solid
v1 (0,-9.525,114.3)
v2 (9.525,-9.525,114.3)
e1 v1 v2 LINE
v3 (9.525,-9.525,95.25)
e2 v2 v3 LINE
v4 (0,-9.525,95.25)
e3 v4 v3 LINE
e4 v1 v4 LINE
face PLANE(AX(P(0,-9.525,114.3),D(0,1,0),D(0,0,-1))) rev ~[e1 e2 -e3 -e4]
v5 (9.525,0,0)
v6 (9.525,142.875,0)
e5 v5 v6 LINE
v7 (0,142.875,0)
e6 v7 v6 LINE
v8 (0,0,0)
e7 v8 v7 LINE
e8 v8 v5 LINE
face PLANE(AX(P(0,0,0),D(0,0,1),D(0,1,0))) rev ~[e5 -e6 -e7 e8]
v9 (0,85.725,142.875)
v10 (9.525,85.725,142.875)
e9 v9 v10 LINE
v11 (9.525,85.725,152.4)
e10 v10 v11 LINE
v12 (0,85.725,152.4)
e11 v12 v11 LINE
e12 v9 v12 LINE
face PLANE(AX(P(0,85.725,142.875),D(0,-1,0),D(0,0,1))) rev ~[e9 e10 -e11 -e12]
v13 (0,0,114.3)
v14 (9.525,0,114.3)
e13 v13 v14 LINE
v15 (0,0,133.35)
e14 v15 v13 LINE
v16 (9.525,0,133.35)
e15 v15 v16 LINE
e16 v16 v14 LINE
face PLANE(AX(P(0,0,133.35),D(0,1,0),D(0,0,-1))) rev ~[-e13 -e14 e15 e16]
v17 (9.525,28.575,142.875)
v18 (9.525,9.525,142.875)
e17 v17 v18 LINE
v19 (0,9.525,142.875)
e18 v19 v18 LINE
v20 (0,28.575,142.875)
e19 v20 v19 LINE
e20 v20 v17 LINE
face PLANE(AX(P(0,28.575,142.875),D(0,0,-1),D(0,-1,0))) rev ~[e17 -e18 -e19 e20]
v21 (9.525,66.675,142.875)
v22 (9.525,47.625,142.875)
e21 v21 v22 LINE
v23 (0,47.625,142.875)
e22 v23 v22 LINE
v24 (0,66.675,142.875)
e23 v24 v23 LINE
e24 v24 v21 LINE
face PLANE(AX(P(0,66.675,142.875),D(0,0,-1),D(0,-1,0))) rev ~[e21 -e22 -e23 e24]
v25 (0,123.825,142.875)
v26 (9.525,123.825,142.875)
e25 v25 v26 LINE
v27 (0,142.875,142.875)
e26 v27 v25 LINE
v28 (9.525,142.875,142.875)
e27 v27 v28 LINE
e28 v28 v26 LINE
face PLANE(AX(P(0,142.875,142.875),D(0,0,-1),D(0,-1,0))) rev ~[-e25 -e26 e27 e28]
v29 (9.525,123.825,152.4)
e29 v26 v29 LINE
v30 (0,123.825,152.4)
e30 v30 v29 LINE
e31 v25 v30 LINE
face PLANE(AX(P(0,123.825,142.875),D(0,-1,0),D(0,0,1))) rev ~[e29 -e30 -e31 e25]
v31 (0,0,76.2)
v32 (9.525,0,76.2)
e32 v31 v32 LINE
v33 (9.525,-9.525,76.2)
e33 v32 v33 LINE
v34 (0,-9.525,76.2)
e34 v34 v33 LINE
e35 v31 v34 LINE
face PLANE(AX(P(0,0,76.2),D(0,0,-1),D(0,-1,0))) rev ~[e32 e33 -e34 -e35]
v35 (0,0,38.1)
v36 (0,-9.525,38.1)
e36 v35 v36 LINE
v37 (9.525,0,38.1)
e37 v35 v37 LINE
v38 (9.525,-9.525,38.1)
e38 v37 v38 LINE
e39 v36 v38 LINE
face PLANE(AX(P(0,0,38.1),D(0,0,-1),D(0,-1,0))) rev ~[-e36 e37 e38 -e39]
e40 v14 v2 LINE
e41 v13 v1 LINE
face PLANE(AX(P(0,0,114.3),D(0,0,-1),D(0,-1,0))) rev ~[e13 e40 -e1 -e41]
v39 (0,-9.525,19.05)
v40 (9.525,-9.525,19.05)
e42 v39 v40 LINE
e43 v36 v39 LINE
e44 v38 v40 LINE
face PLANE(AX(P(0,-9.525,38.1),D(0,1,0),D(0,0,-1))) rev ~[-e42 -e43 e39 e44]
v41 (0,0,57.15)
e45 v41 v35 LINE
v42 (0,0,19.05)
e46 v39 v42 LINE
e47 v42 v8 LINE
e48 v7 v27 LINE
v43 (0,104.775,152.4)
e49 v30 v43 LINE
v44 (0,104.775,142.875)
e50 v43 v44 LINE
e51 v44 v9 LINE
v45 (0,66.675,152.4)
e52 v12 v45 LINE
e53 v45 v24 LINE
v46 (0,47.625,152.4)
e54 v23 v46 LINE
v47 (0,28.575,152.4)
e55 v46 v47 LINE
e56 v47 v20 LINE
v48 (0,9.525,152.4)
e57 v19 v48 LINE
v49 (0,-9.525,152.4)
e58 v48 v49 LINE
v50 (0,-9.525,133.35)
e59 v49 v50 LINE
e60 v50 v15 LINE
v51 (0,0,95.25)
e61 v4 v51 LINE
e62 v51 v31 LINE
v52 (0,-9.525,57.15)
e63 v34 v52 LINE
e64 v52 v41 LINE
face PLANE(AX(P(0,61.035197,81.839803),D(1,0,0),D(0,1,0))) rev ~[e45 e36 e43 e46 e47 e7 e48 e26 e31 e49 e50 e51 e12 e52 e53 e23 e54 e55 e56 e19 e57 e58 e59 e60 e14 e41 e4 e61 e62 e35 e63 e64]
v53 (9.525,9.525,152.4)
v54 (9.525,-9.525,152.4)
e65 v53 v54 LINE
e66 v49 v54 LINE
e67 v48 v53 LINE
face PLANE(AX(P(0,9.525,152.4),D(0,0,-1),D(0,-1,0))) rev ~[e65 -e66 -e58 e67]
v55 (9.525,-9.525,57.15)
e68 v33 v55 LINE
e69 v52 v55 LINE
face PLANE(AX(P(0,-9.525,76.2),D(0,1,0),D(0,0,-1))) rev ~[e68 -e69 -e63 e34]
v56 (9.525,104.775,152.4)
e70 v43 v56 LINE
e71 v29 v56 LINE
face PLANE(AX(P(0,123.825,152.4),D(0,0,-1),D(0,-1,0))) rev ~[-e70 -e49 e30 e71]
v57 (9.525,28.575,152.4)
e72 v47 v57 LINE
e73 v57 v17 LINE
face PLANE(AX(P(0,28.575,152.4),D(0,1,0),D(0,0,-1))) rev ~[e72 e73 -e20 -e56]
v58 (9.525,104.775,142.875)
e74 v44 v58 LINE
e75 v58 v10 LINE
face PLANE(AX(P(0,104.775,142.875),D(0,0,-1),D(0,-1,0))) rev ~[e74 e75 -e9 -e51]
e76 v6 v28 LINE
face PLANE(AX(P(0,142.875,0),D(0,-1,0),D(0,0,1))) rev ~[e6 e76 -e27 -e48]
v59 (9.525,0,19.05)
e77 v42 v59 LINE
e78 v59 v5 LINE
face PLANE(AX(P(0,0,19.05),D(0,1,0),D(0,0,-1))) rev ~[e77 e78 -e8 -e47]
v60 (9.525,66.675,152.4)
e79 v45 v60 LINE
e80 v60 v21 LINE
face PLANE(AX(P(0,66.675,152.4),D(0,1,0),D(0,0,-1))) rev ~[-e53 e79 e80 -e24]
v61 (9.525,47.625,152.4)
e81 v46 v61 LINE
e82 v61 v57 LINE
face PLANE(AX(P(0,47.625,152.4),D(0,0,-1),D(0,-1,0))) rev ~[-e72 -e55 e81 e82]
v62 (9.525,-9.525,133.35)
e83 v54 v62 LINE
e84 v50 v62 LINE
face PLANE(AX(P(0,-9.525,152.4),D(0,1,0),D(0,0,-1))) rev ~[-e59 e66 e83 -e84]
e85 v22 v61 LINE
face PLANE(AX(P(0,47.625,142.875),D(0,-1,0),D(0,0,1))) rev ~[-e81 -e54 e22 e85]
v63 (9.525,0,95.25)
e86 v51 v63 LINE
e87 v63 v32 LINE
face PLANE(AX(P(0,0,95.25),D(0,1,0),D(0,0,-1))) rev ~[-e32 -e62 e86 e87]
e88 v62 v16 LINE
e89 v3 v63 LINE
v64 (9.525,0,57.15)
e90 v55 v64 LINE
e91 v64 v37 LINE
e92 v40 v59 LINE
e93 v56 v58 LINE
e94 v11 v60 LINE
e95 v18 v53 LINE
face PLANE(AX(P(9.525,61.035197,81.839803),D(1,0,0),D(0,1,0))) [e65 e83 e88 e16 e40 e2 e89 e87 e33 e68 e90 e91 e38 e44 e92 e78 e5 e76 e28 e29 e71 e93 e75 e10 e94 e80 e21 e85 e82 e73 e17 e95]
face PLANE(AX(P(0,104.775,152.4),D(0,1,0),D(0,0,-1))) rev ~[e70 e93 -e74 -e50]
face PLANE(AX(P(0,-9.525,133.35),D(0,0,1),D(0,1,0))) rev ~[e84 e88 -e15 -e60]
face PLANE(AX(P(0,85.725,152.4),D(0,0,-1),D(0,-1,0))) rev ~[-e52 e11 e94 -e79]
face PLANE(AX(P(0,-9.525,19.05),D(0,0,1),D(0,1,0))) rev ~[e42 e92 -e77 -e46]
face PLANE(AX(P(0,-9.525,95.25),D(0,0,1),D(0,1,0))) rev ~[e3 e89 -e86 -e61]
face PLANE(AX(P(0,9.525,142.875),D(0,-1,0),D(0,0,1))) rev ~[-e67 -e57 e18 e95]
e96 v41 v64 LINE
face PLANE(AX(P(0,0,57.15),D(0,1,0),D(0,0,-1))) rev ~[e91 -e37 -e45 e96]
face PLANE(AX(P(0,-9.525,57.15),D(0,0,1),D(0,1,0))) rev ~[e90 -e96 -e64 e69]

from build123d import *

# Parameters (mm, degrees)
F1_DEPTH = 9.525


with BuildPart() as f1:
    # F0 (on Right) → F1 (new body)
    with BuildSketch(Plane.YZ):
        Polygon((0, 19.05), (0, 0), (142.875, 0), (142.875, 142.875), (123.825, 142.875), (123.825, 152.4), (104.775, 152.4), (104.775, 142.875), (85.725, 142.875), (85.725, 152.4), (66.675, 152.4), (66.675, 142.875), (47.625, 142.875), (47.625, 152.4), (28.575, 152.4), (28.575, 142.875), (9.525, 142.875), (9.525, 152.4), (-9.525, 152.4), (-9.525, 133.35), (0, 133.35), (0, 114.3), (-9.525, 114.3), (-9.525, 95.25), (0, 95.25), (0, 76.2), (-9.525, 76.2), (-9.525, 57.15), (0, 57.15), (0, 38.1), (-9.525, 38.1), (-9.525, 19.05), align=None)
    extrude(amount=F1_DEPTH)


solid = f1.part
